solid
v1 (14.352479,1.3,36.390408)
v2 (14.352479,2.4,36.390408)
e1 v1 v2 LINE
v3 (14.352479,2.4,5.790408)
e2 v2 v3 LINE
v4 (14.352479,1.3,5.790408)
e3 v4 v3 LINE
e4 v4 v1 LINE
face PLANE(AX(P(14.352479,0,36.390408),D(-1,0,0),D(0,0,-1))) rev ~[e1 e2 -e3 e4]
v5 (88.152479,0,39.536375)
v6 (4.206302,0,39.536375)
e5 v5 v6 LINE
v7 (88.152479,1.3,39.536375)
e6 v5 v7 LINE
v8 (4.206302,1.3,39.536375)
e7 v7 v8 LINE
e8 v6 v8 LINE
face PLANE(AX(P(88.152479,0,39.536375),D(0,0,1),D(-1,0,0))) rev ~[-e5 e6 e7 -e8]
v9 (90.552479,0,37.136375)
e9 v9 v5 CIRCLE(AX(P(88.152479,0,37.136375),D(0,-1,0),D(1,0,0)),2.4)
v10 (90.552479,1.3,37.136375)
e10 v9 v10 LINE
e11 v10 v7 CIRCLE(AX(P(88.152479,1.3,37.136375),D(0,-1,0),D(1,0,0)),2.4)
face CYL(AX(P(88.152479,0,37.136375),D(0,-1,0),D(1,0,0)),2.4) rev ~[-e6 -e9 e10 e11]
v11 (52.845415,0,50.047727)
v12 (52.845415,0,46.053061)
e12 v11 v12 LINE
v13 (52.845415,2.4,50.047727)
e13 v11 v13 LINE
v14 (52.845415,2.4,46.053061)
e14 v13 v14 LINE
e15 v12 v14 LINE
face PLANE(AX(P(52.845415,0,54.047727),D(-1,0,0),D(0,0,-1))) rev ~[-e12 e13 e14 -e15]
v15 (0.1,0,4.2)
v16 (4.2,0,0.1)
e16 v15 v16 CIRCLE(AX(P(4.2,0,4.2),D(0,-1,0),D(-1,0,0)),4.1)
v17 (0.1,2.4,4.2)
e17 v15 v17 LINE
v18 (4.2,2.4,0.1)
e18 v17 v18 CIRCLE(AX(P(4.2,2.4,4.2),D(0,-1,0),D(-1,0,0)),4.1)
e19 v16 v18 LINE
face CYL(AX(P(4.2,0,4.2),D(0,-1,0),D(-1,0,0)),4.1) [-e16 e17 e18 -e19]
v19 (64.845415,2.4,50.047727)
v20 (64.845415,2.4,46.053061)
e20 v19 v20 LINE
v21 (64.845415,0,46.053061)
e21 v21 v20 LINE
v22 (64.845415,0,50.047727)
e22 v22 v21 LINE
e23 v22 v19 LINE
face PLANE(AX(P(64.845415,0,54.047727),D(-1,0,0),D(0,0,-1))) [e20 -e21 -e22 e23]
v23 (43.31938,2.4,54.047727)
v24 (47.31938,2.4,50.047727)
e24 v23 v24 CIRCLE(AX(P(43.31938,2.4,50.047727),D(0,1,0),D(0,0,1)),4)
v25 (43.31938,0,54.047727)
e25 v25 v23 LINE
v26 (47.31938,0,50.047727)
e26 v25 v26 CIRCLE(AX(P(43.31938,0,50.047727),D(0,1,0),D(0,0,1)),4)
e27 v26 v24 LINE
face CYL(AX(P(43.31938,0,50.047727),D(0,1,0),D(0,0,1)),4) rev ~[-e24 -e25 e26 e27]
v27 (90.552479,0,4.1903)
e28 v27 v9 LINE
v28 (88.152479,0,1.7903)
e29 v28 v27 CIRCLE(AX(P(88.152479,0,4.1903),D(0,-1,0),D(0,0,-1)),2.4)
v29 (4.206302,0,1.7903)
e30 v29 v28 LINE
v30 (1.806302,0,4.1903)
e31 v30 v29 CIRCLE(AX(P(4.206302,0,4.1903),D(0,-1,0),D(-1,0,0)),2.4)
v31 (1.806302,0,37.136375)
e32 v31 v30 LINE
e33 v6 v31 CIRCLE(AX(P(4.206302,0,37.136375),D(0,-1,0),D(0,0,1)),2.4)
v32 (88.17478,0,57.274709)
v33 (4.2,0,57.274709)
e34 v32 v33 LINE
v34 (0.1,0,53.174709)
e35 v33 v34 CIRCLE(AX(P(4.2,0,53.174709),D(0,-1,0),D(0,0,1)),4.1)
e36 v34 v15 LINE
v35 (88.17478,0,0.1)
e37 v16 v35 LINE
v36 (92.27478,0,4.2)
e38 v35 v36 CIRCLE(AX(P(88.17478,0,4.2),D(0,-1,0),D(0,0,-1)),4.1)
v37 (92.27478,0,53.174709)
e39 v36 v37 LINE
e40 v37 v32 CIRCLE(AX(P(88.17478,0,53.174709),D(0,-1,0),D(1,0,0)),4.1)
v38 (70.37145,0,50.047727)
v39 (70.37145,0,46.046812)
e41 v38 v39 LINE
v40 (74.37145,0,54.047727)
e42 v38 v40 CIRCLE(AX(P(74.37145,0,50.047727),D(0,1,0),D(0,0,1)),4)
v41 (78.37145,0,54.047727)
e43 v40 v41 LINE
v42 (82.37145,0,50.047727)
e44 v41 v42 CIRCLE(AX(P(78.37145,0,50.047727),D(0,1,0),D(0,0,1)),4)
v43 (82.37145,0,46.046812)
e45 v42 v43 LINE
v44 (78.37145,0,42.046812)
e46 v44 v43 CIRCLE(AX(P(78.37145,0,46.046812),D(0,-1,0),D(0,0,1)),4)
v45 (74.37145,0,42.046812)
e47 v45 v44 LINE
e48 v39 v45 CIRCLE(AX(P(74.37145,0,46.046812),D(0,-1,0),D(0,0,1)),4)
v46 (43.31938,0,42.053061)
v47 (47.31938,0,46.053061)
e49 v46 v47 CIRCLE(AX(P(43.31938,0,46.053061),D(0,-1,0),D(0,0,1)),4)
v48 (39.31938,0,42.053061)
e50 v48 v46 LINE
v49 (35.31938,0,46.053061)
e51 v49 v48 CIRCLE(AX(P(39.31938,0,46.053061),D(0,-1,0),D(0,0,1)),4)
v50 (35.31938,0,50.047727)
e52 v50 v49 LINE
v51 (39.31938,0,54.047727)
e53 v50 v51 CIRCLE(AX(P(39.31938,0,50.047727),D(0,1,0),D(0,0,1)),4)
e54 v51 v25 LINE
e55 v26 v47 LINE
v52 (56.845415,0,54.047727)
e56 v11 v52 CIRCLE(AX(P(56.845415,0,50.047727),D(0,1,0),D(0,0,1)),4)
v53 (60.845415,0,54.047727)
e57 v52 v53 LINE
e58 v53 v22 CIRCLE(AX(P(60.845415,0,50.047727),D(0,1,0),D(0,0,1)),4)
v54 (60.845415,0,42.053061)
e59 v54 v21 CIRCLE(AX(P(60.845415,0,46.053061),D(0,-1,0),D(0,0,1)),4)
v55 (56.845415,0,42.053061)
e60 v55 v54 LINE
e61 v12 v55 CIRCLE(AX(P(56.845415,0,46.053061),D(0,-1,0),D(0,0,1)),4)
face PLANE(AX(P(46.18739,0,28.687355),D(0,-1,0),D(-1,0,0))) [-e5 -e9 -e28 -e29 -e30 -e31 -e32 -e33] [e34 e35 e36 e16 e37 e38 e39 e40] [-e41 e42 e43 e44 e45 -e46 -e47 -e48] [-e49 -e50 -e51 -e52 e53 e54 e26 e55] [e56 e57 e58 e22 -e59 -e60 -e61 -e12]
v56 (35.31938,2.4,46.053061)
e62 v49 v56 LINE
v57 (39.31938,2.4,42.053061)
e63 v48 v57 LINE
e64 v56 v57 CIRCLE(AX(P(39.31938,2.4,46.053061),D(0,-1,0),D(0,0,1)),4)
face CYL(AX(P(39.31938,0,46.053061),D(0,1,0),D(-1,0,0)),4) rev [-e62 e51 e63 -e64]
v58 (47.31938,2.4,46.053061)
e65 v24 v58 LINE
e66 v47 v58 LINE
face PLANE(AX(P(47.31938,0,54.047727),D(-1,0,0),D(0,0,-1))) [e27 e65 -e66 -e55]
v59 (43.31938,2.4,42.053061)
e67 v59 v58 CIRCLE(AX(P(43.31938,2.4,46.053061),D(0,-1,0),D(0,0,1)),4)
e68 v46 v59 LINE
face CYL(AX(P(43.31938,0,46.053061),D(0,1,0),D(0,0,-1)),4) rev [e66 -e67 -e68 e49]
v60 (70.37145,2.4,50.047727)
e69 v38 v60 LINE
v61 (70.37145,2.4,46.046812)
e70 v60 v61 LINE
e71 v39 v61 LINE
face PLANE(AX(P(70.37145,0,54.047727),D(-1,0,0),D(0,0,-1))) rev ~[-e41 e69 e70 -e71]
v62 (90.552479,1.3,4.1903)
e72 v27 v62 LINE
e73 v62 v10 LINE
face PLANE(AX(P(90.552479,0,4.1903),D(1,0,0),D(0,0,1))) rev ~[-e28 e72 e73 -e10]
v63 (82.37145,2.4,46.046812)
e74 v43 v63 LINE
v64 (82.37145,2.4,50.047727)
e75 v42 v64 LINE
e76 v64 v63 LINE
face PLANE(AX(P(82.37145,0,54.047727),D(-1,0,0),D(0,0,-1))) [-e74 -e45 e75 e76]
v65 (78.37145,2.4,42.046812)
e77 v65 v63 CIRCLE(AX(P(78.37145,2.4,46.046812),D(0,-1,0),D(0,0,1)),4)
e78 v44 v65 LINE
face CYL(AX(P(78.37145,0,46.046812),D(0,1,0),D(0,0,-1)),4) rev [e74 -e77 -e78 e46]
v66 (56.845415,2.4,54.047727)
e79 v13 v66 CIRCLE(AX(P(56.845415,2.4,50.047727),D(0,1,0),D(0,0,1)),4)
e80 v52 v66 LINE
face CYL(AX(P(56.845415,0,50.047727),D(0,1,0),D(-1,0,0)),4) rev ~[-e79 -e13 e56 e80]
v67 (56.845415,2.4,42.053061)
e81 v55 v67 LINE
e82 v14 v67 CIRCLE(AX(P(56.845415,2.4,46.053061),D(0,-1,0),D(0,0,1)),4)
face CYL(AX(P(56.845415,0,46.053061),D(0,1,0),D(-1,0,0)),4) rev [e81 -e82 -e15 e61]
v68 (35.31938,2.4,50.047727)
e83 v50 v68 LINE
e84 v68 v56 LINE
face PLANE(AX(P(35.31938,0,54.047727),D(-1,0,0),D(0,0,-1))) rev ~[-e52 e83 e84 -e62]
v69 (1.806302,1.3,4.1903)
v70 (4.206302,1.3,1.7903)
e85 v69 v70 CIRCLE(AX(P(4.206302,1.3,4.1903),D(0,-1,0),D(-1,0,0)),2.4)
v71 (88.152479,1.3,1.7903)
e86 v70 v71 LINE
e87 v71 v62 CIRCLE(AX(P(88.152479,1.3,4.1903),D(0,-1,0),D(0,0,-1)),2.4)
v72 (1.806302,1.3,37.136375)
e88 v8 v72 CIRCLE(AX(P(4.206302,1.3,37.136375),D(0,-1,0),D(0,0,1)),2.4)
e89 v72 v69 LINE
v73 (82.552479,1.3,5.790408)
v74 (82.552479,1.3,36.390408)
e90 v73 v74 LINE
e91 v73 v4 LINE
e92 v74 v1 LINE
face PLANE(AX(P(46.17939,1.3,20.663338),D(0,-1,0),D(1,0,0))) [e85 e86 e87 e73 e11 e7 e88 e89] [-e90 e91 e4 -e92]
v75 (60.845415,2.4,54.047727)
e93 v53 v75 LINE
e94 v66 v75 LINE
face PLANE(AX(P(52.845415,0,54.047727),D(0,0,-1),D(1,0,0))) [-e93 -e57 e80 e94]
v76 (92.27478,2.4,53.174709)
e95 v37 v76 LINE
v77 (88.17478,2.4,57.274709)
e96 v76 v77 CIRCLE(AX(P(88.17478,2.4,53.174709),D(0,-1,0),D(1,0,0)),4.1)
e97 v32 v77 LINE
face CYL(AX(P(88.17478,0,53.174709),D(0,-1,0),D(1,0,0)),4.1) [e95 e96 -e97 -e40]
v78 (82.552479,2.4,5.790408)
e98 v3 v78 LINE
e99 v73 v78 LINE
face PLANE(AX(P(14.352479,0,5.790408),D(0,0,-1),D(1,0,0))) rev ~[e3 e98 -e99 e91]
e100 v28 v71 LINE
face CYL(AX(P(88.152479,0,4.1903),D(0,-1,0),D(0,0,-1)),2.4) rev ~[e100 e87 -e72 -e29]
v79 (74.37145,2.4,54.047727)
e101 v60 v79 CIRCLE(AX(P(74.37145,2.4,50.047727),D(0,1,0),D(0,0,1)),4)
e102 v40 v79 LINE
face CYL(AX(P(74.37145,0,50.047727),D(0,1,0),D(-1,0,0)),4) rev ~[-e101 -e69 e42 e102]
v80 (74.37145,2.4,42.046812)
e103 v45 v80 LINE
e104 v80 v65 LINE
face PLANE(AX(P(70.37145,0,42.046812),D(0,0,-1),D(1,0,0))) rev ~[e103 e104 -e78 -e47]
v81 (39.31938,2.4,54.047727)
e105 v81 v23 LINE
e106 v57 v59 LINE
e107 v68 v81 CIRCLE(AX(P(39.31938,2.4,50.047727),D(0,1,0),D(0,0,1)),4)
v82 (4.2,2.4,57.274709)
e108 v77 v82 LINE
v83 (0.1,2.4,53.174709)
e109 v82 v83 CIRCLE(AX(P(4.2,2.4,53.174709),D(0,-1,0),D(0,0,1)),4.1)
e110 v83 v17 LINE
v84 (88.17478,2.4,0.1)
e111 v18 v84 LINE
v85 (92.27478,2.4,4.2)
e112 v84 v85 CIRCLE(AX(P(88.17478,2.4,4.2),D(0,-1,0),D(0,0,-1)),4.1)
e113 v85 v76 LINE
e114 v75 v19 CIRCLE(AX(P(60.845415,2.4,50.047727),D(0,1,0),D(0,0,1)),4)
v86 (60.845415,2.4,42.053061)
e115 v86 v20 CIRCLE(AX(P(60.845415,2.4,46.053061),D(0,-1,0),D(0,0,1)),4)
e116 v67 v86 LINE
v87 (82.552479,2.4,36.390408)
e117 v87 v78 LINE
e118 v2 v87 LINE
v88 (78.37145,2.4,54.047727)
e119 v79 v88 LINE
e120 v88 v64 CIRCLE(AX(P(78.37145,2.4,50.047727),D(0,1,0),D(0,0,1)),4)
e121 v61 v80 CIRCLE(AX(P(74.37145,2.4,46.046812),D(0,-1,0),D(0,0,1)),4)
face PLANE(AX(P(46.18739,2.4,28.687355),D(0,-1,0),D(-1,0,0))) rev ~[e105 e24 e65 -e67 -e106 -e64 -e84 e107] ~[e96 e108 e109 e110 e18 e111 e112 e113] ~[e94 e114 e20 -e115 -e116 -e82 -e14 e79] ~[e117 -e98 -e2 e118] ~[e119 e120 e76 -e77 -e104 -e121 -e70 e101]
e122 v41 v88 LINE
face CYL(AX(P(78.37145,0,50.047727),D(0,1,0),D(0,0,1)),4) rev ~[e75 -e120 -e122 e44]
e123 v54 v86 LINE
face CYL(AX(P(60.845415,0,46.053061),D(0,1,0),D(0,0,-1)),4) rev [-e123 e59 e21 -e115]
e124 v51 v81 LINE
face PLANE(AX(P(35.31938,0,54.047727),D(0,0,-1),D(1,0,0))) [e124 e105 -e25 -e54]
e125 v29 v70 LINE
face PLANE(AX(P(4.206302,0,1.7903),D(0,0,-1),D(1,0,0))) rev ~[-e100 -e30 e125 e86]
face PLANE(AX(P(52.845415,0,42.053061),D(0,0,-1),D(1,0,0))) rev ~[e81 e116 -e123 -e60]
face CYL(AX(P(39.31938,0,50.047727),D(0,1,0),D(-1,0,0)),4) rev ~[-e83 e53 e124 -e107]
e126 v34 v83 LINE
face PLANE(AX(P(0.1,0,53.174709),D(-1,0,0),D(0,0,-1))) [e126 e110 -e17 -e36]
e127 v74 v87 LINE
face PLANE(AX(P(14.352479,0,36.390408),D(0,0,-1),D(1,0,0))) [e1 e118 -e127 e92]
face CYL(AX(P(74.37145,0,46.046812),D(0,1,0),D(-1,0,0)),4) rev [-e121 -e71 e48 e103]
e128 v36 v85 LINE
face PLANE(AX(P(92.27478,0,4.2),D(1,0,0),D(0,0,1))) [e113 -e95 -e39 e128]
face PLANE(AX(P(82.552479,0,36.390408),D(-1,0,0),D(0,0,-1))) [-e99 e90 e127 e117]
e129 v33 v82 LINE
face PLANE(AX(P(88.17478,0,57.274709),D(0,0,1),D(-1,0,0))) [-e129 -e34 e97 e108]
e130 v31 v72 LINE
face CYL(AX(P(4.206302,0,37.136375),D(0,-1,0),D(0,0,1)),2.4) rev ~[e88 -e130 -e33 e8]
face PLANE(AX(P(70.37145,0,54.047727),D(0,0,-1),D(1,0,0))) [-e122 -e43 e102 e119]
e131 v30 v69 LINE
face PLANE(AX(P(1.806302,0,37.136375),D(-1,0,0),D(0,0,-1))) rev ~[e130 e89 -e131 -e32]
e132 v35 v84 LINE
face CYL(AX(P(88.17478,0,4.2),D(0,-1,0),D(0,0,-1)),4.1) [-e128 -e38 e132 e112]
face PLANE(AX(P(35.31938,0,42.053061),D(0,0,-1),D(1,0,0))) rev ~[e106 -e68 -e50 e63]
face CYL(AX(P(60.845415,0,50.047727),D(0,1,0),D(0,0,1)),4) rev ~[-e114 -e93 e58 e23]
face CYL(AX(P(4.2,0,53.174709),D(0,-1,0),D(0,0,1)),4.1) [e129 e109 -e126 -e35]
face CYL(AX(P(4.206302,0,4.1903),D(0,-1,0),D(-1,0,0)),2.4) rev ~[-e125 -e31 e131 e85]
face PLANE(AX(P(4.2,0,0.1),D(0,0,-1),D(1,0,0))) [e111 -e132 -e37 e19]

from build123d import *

# Parameters (mm, degrees)
SKETCH_1_W          = 11.999999915
SKETCH_1_H          = 11.994665989
SKETCH_1_W_2        = 11.999999916
SKETCH_1_H_2        = 12.000914401
SKETCH_1_W_3        = 68.2
SKETCH_1_H_3        = 30.6
EXTRUDE_1_DEPTH     = 2.4
CUT_EXTRUDE_1_DEPTH = 1.3
FILLET_1_R          = 4


with BuildPart() as part:
    # 草图1 → 凸台-拉伸1 (new body)
    with BuildSketch(Plane(origin=(0, 0, 0), x_dir=(1, 0, 0), z_dir=(0, 1, 0))):
        with BuildLine():
            Line((4.2, -0.1), (88.17478029, -0.1))
            ThreePointArc((88.17478029, -0.1), (91.073918092, -1.300862197), (92.27478029, -4.2))
            Line((92.27478029, -4.2), (92.27478029, -53.174709169))
            ThreePointArc((92.27478029, -53.174709169), (91.073918092, -56.073846972), (88.17478029, -57.274709169))
            Line((88.17478029, -57.274709169), (4.2, -57.274709169))
            ThreePointArc((4.2, -57.274709169), (1.300862197, -56.073846972), (0.1, -53.174709169))
            Line((0.1, -53.174709169), (0.1, -4.2))
            ThreePointArc((0.1, -4.2), (1.300862197, -1.300862197), (4.2, -0.1))
        make_face()
        with Locations((41.319380239, -48.050393701)):
            Rectangle(SKETCH_1_W, SKETCH_1_H, mode=Mode.SUBTRACT)
        with Locations((58.845415291, -48.050393701)):
            Rectangle(SKETCH_1_W, SKETCH_1_H, mode=Mode.SUBTRACT)
        with Locations((76.371450343, -48.047269495)):
            Rectangle(SKETCH_1_W_2, SKETCH_1_H_2, mode=Mode.SUBTRACT)
        with Locations((48.452479045, -21.09040811)):
            Rectangle(SKETCH_1_W_3, SKETCH_1_H_3, mode=Mode.SUBTRACT)
    extrude(amount=EXTRUDE_1_DEPTH)

    # 草图2 → 切除-拉伸1 (cut)
    with BuildSketch(Plane.XZ):
        with BuildLine():
            Line((88.152479045, 39.536375413), (4.206301753, 39.536375413))
            ThreePointArc((4.206301753, 39.536375413), (2.509245478, 38.833431688), (1.806301753, 37.136375413))
            Line((1.806301753, 37.136375413), (1.806301753, 4.190299721))
            ThreePointArc((1.806301753, 4.190299721), (2.509245478, 2.493243446), (4.206301753, 1.790299721))
            Line((4.206301753, 1.790299721), (88.152479045, 1.790299721))
            ThreePointArc((88.152479045, 1.790299721), (89.84953532, 2.493243446), (90.552479045, 4.190299721))
            Line((90.552479045, 4.190299721), (90.552479045, 37.136375413))
            ThreePointArc((90.552479045, 37.136375413), (89.84953532, 38.833431688), (88.152479045, 39.536375413))
        make_face()
    extrude(amount=-CUT_EXTRUDE_1_DEPTH, mode=Mode.SUBTRACT)

    # 圆角1
    fillet_1_edges = [part.edges().sort_by_distance(p)[0] for p in [
        (70.371450385, 1.2, 42.046812294),
        (70.371450385, 1.2, 54.047726695),
        (82.371450301, 1.2, 54.047726695),
        (82.371450301, 1.2, 42.046812294),
        (52.845415333, 1.2, 42.053060706),
        (52.845415333, 1.2, 54.047726695),
        (64.845415248, 1.2, 54.047726695),
        (64.845415248, 1.2, 42.053060706),
        (35.319380281, 1.2, 42.053060706),
        (35.319380281, 1.2, 54.047726695),
        (47.319380196, 1.2, 54.047726695),
        (47.319380196, 1.2, 42.053060706),
    ]]
    fillet(fillet_1_edges, radius=FILLET_1_R)


solid = part.part
